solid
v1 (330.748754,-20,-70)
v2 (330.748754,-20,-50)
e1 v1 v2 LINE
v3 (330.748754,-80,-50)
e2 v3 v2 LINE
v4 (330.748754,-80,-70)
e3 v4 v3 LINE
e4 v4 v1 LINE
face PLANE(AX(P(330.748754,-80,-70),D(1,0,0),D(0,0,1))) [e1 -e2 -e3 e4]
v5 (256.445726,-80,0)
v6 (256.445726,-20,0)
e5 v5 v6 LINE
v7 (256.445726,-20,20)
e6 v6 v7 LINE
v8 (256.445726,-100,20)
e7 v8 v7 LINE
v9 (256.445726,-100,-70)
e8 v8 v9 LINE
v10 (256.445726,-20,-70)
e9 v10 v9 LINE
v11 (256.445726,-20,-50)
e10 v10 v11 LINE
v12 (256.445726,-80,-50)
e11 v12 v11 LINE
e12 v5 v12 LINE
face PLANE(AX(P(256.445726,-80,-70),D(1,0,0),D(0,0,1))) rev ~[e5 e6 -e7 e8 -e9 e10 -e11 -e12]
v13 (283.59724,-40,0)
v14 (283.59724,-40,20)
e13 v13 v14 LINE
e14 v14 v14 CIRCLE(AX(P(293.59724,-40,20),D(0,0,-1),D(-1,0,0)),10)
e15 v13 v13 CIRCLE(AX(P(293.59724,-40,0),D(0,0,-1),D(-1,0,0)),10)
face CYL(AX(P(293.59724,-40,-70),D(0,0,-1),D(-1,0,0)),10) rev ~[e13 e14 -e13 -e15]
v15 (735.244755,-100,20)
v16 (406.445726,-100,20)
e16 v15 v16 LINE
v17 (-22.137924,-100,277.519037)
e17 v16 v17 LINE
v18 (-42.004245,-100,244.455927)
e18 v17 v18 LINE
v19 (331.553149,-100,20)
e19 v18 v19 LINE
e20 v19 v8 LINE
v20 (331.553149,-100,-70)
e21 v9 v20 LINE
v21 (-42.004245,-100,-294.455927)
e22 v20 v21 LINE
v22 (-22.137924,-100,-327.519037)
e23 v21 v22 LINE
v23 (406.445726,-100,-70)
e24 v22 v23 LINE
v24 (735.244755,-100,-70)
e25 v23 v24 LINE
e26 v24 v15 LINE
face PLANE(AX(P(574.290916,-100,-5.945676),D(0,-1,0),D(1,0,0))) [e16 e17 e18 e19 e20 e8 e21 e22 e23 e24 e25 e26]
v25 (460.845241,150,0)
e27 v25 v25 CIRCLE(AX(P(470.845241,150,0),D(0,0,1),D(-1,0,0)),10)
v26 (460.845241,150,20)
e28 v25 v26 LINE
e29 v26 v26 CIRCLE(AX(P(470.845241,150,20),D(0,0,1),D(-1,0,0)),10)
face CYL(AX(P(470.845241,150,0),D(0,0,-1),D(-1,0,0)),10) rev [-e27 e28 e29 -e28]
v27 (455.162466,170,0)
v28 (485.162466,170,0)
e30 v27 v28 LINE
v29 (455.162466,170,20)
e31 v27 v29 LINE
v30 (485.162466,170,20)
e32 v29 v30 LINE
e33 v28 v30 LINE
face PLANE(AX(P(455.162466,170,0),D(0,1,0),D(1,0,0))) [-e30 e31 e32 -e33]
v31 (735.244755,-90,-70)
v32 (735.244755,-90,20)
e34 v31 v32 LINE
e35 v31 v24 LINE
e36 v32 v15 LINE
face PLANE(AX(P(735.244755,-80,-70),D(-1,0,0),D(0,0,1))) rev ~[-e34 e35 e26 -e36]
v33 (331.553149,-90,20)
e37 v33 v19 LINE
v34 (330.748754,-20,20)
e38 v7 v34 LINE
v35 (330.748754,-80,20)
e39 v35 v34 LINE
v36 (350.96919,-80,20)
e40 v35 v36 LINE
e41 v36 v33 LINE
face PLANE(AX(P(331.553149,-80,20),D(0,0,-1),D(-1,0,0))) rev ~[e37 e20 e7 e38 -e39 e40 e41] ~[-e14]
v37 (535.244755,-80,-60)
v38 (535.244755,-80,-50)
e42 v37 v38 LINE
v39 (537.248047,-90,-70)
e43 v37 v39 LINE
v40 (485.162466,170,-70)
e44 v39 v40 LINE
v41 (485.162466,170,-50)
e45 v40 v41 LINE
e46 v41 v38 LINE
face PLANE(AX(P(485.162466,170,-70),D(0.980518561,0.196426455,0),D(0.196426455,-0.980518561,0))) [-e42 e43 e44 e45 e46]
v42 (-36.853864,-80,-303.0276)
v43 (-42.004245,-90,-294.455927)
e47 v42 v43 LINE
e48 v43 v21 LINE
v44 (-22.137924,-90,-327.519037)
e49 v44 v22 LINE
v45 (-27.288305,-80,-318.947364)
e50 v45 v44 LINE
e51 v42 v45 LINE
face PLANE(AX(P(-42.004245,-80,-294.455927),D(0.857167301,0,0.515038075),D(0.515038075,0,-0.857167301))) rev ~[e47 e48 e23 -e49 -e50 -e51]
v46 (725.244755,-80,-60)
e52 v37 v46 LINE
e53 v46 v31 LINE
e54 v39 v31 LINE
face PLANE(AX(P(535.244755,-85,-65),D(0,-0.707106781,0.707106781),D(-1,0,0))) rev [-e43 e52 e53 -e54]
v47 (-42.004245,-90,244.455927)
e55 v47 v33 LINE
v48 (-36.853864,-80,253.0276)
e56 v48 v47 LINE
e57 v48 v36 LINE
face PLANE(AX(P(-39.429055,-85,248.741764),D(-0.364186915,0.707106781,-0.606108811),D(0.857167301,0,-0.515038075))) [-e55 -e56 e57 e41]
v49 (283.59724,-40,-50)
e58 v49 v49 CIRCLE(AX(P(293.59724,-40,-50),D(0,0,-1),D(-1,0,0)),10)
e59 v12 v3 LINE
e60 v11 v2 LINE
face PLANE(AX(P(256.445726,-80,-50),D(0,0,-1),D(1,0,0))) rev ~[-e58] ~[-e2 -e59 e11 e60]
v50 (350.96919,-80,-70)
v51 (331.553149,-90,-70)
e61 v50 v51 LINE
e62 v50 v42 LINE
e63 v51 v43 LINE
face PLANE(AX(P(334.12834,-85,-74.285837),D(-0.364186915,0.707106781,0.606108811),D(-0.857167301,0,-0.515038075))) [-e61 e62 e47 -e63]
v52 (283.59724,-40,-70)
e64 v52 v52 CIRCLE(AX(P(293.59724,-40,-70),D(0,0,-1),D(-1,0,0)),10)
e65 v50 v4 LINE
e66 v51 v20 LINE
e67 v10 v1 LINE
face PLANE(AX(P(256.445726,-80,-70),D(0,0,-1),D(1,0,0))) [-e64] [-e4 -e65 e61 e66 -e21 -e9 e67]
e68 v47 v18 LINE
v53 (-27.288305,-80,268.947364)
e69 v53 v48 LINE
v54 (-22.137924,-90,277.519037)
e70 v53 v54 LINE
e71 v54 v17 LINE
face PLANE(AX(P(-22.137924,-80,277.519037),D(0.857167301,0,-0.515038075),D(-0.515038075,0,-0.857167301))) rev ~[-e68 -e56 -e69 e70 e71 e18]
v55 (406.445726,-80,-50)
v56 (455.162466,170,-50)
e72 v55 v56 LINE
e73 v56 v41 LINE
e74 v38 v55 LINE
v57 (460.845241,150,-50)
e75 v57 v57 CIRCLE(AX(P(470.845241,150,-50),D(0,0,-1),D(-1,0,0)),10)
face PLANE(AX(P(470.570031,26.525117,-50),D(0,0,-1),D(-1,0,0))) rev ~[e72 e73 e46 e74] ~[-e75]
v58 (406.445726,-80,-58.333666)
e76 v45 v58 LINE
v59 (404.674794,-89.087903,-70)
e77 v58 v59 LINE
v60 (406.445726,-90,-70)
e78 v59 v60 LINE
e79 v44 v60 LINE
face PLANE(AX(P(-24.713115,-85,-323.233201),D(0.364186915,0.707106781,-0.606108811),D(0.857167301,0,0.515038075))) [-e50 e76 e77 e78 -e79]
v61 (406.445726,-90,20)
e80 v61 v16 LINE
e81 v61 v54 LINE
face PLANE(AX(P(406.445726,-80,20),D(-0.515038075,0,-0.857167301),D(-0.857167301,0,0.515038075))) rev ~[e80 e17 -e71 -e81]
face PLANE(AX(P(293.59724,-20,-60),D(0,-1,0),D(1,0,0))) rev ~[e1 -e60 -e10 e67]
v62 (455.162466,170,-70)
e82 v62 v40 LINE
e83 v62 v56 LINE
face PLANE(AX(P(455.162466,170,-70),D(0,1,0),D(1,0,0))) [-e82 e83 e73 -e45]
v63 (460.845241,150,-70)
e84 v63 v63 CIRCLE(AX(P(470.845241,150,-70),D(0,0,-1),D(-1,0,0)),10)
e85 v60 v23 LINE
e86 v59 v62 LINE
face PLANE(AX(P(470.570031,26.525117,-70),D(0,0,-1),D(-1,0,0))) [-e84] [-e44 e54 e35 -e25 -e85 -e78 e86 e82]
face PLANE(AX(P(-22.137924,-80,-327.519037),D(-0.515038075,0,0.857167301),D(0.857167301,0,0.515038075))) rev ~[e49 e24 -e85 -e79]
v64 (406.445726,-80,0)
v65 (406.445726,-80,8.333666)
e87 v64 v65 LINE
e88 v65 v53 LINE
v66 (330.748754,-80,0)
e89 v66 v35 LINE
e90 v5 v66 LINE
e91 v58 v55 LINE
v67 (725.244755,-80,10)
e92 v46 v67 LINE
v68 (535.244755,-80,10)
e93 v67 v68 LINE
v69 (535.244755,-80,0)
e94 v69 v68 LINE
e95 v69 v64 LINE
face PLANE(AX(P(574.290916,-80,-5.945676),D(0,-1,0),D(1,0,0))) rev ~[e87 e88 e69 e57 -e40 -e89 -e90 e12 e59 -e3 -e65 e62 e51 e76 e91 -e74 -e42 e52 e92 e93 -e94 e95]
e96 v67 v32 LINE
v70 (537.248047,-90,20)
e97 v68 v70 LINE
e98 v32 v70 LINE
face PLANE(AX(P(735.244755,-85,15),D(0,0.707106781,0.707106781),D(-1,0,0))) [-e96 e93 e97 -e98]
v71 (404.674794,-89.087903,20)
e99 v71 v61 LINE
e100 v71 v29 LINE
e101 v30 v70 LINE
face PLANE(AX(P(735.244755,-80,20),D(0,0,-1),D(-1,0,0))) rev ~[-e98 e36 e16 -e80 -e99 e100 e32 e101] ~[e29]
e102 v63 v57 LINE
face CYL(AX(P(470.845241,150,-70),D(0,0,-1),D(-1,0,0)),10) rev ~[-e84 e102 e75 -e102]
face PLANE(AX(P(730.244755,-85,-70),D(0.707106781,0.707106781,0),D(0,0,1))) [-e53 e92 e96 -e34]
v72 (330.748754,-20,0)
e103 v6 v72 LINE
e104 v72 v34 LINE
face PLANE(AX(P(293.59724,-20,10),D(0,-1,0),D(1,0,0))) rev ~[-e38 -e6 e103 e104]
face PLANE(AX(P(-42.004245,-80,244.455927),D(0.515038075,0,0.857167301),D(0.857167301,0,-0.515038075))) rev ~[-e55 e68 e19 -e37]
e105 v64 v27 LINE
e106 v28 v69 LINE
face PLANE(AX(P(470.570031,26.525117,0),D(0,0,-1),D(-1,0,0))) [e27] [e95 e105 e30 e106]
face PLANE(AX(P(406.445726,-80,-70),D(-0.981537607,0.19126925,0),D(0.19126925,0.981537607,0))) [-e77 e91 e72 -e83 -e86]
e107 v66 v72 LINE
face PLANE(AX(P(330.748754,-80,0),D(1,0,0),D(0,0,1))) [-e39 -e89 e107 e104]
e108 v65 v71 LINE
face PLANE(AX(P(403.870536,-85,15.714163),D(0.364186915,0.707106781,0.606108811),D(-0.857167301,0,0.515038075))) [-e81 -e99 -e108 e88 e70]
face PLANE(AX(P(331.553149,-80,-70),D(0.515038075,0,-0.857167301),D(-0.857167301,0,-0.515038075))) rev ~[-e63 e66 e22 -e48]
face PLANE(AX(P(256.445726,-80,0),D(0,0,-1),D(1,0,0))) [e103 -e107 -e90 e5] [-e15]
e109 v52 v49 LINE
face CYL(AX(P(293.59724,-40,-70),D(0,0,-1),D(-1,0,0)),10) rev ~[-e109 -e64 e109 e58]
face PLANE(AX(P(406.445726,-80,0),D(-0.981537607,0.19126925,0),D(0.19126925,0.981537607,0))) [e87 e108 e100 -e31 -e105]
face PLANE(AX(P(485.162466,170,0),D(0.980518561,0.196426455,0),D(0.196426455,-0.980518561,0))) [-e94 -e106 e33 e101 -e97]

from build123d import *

# Parameters (mm, degrees)
ESQUISSE1_R             = 10
BOSS_EXTRU_1_DEPTH      = 20
BOSS_EXTRU_2_DEPTH      = 20
ESQUISSE3_R             = 10
BOSS_EXTRU_3_DEPTH      = 20
CHANFREIN3_SIZE         = 10
ESQUISSE2_5_W           = 74.303027804
ESQUISSE2_5_H           = 20
BOSS_EXTRU_4_DEPTH      = 60
ESQUISSE4_R             = 10
ENL_V_MAT_EXTRU_1_DEPTH = 831.815461604
CHANFREIN2_SIZE         = 10


with BuildPart() as part:
    # Esquisse1 → Boss.-Extru.1 (new body)
    with BuildSketch(Plane.XY):
        Polygon((455.162466111, 170), (485.162466111, 170), (535.244755063, -80), (406.445725989, -80), align=None)
        with Locations((470.845240526, 150)):
            Circle(ESQUISSE1_R, mode=Mode.SUBTRACT)
    extrude(amount=BOSS_EXTRU_1_DEPTH)

    # Esquisse2 → Boss.-Extru.2 (add)
    with BuildSketch(Plane.XZ.offset(80)):
        Polygon((735.244755063, 20), (406.445725989, 20), (-22.137924362, 277.519037455), (-42.004245202, 244.455927292), (331.553149283, 20), (256.445725989, 20), (256.445725989, -70), (331.553149283, -70), (-42.004245202, -294.455927292), (-22.137924362, -327.519037455), (406.445725989, -70), (735.244755063, -70), align=None)
    extrude(amount=BOSS_EXTRU_2_DEPTH)

    # Esquisse3 → Boss.-Extru.3 (add)
    with BuildSketch(Plane(origin=(0, 0, -70), x_dir=(-1, 0, 0), z_dir=(0, 0, -1))):
        Polygon((-406.445725989, -80), (-455.162466111, 170), (-485.162466111, 170), (-535.244755063, -80), align=None)
        with Locations((-470.845240526, 150)):
            Circle(ESQUISSE3_R, mode=Mode.SUBTRACT)
    extrude(amount=-BOSS_EXTRU_3_DEPTH)

    # Chanfrein3
    chanfrein3_edges = [part.edges().sort_by_distance(p)[0] for p in [
        (144.774452041, -80, 132.227963646),
        (144.774452041, -80, -182.227963646),
        (192.153900813, -80, 148.759518728),
        (192.153900813, -80, -198.759518728),
    ]]
    chamfer(chanfrein3_edges, length=CHANFREIN3_SIZE)

    # Esquisse2<5> → Boss.-Extru.4 (add)
    with BuildSketch(Plane.XZ.offset(80)):
        with Locations((293.597239891, 10)):
            Rectangle(ESQUISSE2_5_W, ESQUISSE2_5_H)
        with Locations((293.597239891, -60)):
            Rectangle(ESQUISSE2_5_W, ESQUISSE2_5_H)
    extrude(amount=-BOSS_EXTRU_4_DEPTH)

    # Esquisse4 → Enlèv. mat.-Extru.1 (cut, through all)
    with BuildSketch(Plane(origin=(0, 0, -70), x_dir=(-1, 0, 0), z_dir=(0, 0, -1))):
        with Locations((-293.597239891, -40)):
            Circle(ESQUISSE4_R)
    extrude(amount=-ENL_V_MAT_EXTRU_1_DEPTH, mode=Mode.SUBTRACT)

    # Chanfrein2
    chanfrein2_edges = [part.edges().sort_by_distance(p)[0] for p in [
        (635.244755063, -80, -70),
        (635.244755063, -80, 20),
        (735.244755063, -80, -25),
    ]]
    chamfer(chanfrein2_edges, length=CHANFREIN2_SIZE)


solid = part.part
